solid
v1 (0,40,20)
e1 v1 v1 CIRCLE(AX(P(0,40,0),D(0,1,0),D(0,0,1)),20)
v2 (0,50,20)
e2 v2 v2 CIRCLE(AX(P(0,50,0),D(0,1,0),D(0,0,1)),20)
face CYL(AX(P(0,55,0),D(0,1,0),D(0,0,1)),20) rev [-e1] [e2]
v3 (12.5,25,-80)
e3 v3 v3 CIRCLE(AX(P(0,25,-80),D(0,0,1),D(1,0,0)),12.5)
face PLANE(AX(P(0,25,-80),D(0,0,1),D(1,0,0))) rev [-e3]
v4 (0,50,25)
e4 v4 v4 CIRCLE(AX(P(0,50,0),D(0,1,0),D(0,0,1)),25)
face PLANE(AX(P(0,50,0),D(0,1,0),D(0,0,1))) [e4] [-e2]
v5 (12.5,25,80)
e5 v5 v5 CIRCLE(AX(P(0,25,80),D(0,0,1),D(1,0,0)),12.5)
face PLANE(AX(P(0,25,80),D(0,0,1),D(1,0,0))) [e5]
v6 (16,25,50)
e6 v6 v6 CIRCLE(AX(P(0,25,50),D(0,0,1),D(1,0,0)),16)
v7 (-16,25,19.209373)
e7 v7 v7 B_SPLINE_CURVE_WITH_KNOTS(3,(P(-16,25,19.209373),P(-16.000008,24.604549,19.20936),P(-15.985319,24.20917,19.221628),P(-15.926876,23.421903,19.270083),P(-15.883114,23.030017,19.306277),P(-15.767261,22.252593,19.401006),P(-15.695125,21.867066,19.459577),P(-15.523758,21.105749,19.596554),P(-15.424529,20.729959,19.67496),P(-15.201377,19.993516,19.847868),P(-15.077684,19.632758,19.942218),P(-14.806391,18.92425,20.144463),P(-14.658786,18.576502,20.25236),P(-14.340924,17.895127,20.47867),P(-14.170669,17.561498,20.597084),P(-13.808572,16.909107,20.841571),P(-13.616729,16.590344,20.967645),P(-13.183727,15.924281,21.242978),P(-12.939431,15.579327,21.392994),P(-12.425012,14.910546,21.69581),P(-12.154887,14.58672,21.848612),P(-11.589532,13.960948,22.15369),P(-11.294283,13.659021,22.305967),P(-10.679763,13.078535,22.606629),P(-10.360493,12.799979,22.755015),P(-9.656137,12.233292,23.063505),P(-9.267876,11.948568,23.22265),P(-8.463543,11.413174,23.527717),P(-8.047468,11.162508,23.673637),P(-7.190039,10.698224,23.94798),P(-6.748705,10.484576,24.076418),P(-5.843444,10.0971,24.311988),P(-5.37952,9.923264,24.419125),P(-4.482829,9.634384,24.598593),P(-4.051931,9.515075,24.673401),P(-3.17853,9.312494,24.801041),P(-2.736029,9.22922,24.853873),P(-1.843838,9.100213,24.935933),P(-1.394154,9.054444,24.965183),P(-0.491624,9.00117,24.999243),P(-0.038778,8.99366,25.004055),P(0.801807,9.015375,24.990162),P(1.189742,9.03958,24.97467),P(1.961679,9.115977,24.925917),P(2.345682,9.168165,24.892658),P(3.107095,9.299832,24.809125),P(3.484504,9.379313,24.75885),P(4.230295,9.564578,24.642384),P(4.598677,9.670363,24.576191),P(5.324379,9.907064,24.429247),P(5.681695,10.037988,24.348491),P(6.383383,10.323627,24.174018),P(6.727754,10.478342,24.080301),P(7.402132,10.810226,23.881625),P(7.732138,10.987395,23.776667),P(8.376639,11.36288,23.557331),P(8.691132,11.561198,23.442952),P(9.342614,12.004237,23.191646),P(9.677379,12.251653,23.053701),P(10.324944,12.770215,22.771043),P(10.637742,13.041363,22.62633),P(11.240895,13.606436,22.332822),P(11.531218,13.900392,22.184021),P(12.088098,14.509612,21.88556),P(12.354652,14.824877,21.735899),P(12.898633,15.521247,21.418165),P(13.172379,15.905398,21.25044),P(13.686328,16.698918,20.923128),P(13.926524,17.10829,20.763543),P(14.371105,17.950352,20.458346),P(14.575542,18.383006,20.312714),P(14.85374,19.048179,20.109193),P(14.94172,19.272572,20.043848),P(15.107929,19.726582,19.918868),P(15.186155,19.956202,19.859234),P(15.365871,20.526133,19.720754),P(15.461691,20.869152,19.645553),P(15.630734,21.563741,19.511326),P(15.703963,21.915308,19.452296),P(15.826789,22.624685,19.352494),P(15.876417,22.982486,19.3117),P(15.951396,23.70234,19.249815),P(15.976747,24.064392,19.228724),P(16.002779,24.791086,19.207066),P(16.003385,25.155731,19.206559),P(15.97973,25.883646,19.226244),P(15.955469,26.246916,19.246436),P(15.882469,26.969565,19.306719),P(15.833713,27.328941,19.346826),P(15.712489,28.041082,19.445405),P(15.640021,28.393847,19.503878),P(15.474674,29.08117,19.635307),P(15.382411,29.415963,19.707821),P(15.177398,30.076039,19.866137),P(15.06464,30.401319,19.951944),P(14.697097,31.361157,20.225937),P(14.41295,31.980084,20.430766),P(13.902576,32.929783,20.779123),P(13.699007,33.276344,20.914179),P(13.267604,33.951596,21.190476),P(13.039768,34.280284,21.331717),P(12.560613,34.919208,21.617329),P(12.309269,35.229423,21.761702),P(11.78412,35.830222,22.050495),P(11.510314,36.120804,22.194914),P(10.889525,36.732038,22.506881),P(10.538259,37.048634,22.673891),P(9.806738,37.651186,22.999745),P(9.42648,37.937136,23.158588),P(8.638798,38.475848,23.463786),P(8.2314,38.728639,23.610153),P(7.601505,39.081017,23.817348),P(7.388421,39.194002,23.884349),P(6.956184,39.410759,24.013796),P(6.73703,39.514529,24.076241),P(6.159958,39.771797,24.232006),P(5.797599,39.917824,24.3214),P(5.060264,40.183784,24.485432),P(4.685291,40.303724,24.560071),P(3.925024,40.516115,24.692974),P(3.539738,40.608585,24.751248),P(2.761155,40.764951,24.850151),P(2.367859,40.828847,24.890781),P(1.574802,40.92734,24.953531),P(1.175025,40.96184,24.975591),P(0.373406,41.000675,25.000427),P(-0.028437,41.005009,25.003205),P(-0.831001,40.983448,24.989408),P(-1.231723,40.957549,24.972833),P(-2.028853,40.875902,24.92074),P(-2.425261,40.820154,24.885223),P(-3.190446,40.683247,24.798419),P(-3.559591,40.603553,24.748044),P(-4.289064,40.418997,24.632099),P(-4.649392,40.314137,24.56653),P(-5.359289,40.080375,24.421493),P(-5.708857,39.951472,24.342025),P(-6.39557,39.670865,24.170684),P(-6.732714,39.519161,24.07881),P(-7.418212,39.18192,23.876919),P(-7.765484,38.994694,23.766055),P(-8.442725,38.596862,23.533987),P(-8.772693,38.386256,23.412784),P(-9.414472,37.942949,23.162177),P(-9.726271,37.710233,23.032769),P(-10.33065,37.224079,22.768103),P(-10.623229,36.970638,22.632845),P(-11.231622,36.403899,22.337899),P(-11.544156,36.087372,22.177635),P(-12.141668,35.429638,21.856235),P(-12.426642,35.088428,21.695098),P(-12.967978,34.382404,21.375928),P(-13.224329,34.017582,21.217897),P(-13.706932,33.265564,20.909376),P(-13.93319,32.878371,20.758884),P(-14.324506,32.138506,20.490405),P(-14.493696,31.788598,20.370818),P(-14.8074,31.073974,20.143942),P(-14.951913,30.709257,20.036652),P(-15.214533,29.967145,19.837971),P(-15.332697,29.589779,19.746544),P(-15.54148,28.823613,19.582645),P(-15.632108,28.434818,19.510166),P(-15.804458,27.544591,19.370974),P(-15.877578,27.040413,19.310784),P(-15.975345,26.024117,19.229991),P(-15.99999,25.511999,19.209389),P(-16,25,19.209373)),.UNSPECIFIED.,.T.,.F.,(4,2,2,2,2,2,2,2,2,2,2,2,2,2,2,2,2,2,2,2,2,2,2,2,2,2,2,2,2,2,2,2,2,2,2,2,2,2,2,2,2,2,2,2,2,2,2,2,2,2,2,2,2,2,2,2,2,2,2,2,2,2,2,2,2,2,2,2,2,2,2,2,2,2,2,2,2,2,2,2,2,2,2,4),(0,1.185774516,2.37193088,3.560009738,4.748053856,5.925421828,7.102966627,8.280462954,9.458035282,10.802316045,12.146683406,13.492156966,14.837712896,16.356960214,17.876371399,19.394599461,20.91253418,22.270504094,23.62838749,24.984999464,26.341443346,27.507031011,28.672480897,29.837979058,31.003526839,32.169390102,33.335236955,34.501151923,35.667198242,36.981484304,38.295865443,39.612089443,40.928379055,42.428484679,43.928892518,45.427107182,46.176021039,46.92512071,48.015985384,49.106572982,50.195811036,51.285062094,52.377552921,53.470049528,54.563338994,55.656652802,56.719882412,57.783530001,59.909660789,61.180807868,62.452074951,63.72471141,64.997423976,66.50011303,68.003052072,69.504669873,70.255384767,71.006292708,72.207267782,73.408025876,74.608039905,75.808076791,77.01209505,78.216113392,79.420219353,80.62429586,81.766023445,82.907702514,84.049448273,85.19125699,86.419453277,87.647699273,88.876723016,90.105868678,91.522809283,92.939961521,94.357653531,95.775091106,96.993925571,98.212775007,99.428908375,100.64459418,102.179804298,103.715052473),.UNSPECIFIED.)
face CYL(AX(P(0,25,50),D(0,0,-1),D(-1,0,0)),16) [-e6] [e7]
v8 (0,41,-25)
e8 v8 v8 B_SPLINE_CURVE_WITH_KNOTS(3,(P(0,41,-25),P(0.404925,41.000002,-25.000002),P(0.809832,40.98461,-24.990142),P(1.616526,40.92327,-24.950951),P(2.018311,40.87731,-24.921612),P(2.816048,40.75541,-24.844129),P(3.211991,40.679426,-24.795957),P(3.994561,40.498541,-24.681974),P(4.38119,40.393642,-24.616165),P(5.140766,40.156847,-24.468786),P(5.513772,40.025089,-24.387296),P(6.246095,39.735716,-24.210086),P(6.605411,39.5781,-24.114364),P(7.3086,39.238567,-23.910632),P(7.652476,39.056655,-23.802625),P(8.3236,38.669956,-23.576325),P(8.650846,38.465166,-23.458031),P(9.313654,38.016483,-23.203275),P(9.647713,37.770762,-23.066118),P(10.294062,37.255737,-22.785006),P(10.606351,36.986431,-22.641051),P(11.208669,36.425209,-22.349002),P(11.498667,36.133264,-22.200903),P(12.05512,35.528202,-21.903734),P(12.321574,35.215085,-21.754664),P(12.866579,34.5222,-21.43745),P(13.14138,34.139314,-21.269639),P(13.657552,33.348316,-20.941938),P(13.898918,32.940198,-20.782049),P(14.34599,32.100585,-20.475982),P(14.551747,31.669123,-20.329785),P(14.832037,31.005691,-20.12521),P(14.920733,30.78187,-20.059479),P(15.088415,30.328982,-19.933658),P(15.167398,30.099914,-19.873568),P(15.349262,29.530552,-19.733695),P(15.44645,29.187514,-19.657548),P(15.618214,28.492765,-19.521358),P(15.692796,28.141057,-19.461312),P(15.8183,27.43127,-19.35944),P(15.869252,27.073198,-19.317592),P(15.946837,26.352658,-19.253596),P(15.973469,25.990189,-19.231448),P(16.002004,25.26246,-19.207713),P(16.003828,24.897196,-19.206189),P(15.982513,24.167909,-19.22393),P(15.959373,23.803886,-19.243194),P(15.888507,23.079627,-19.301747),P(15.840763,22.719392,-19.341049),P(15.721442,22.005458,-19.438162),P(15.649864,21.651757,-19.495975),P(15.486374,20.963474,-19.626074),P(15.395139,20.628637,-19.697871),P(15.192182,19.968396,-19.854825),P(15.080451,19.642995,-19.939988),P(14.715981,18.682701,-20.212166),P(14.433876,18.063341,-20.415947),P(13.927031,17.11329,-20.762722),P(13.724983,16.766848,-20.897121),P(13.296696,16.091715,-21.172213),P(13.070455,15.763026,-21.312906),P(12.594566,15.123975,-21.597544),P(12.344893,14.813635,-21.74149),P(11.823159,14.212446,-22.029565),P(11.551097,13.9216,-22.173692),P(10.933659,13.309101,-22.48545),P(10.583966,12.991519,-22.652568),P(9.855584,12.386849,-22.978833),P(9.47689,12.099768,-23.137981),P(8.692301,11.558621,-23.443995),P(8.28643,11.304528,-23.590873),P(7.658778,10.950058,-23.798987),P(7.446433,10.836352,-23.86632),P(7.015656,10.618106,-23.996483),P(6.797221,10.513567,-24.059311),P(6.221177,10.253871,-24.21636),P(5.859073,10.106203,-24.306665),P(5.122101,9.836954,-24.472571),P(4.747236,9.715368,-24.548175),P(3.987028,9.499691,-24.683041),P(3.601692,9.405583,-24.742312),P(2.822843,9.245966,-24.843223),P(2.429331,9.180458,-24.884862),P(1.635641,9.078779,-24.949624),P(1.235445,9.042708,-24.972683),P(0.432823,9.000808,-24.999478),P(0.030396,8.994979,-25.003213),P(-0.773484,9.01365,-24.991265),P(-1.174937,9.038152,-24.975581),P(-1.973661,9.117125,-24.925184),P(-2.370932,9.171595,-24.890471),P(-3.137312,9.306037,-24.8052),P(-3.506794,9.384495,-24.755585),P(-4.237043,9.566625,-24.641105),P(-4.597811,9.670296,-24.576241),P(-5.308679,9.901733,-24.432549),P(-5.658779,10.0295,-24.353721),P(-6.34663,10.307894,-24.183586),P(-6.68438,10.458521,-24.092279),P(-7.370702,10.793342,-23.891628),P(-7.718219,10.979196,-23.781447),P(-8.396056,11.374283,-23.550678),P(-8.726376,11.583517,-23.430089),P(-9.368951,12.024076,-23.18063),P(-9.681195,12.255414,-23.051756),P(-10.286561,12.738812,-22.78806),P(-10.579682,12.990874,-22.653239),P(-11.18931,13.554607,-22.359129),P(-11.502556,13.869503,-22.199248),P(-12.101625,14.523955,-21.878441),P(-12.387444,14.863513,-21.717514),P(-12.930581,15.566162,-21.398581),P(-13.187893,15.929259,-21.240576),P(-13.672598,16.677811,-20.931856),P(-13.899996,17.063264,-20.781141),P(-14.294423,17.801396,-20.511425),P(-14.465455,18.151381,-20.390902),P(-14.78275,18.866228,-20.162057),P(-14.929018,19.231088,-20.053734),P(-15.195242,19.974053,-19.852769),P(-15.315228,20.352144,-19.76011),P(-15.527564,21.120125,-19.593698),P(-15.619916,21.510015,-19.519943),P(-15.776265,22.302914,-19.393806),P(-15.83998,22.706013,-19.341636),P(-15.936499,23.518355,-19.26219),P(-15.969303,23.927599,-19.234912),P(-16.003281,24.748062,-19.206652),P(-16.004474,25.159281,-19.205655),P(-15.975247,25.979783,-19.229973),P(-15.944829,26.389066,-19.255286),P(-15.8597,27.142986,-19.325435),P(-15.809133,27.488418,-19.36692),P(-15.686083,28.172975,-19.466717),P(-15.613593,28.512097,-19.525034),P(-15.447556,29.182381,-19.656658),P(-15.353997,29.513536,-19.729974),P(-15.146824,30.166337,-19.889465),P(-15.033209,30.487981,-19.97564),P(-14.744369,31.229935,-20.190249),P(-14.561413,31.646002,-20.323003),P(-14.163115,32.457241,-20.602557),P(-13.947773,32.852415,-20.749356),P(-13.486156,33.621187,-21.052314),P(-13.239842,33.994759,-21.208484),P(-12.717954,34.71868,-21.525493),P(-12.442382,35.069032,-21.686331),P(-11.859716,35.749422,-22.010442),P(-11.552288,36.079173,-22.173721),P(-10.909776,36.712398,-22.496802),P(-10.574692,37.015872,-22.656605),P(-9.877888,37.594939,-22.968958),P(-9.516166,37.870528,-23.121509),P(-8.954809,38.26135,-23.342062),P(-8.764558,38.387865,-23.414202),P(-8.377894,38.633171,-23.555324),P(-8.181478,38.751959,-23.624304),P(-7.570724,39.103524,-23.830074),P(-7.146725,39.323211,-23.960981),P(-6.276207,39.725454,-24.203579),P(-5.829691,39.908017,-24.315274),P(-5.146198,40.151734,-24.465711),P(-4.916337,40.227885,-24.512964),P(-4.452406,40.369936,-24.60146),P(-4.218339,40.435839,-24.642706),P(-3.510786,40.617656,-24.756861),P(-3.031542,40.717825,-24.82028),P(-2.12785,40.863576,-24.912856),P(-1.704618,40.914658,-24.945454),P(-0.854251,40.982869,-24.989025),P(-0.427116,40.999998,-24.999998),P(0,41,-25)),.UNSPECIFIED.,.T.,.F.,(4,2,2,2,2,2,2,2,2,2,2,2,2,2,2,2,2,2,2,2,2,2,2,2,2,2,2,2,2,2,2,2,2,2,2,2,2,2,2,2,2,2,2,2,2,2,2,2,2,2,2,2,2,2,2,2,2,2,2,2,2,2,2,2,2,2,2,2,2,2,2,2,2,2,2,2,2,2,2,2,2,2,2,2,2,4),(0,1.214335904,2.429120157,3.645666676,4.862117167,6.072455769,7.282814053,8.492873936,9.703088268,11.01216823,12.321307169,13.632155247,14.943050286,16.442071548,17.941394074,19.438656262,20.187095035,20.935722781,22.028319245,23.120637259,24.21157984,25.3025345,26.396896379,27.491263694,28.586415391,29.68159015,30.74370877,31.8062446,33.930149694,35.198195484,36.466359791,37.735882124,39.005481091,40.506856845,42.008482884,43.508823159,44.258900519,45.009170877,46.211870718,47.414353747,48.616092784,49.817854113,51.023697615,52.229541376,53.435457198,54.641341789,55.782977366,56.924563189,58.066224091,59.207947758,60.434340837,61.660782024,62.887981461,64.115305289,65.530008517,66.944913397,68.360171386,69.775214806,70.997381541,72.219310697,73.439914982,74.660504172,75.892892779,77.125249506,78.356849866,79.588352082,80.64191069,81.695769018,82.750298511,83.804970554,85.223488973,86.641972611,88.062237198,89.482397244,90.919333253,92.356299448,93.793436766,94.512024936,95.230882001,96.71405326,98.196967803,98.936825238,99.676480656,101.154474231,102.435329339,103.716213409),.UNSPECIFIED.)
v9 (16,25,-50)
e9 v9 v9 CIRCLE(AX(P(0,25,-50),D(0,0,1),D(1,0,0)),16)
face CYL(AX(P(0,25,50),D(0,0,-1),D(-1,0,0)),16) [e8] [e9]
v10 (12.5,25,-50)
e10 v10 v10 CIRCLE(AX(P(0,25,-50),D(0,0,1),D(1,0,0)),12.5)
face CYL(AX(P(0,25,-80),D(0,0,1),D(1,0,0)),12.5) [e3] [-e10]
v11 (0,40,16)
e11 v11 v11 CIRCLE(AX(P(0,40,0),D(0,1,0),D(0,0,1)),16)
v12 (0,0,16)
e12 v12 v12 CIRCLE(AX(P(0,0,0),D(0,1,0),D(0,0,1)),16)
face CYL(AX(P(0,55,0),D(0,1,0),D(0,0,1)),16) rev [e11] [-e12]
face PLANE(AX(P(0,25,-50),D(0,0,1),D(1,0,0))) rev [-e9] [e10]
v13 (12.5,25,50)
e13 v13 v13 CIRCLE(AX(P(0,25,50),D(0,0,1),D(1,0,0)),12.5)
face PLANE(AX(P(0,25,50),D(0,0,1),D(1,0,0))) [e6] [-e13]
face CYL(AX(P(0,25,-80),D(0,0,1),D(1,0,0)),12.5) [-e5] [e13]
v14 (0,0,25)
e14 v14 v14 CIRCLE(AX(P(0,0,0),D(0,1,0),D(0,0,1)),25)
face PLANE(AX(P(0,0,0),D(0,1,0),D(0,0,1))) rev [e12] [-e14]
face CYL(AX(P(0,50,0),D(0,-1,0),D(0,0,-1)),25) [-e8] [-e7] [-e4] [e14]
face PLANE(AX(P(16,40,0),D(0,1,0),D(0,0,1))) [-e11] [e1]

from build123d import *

# Parameters (mm, degrees)
SKETCH2_R                = 25
BOSS_EXTRUDE1_DEPTH      = 50
SKETCH3_R                = 16
BOSS_EXTRUDE2_DEPTH      = 50
SKETCH4_R                = 12.5
BOSS_EXTRUDE3_DEPTH      = 30
BOSS_EXTRUDE3_DEPTH_BACK = 130


with BuildPart() as part:
    # Sketch2 → Boss-Extrude1 (new body)
    with BuildSketch(Plane(origin=(0, 0, 0), x_dir=(1, 0, 0), z_dir=(0, 1, 0))):
        Circle(SKETCH2_R)
    extrude(amount=BOSS_EXTRUDE1_DEPTH)

    # Sketch3 → Boss-Extrude2 (add, symmetric)
    with BuildSketch(Plane.XY):
        with Locations((0, 25)):
            Circle(SKETCH3_R)
    extrude(amount=BOSS_EXTRUDE2_DEPTH, both=True)

    # Sketch4 → Boss-Extrude3 (add, two sides)
    with BuildSketch(Plane.XY.offset(50)) as boss_extrude3_sk:
        with Locations((0, 25)):
            Circle(SKETCH4_R)
    extrude(amount=BOSS_EXTRUDE3_DEPTH)
    extrude(boss_extrude3_sk.sketch, amount=-BOSS_EXTRUDE3_DEPTH_BACK)

    # Sketch5 → Cut-Revolve1 (revolve, cut)
    with BuildSketch(Plane.XY):
        Polygon((0, 50), (0, 0), (16, 0), (16, 40), (20, 40), (20, 50), align=None)
    revolve(axis=Axis((0, 55, 0), (0, -1, 0)), mode=Mode.SUBTRACT)


solid = part.part
